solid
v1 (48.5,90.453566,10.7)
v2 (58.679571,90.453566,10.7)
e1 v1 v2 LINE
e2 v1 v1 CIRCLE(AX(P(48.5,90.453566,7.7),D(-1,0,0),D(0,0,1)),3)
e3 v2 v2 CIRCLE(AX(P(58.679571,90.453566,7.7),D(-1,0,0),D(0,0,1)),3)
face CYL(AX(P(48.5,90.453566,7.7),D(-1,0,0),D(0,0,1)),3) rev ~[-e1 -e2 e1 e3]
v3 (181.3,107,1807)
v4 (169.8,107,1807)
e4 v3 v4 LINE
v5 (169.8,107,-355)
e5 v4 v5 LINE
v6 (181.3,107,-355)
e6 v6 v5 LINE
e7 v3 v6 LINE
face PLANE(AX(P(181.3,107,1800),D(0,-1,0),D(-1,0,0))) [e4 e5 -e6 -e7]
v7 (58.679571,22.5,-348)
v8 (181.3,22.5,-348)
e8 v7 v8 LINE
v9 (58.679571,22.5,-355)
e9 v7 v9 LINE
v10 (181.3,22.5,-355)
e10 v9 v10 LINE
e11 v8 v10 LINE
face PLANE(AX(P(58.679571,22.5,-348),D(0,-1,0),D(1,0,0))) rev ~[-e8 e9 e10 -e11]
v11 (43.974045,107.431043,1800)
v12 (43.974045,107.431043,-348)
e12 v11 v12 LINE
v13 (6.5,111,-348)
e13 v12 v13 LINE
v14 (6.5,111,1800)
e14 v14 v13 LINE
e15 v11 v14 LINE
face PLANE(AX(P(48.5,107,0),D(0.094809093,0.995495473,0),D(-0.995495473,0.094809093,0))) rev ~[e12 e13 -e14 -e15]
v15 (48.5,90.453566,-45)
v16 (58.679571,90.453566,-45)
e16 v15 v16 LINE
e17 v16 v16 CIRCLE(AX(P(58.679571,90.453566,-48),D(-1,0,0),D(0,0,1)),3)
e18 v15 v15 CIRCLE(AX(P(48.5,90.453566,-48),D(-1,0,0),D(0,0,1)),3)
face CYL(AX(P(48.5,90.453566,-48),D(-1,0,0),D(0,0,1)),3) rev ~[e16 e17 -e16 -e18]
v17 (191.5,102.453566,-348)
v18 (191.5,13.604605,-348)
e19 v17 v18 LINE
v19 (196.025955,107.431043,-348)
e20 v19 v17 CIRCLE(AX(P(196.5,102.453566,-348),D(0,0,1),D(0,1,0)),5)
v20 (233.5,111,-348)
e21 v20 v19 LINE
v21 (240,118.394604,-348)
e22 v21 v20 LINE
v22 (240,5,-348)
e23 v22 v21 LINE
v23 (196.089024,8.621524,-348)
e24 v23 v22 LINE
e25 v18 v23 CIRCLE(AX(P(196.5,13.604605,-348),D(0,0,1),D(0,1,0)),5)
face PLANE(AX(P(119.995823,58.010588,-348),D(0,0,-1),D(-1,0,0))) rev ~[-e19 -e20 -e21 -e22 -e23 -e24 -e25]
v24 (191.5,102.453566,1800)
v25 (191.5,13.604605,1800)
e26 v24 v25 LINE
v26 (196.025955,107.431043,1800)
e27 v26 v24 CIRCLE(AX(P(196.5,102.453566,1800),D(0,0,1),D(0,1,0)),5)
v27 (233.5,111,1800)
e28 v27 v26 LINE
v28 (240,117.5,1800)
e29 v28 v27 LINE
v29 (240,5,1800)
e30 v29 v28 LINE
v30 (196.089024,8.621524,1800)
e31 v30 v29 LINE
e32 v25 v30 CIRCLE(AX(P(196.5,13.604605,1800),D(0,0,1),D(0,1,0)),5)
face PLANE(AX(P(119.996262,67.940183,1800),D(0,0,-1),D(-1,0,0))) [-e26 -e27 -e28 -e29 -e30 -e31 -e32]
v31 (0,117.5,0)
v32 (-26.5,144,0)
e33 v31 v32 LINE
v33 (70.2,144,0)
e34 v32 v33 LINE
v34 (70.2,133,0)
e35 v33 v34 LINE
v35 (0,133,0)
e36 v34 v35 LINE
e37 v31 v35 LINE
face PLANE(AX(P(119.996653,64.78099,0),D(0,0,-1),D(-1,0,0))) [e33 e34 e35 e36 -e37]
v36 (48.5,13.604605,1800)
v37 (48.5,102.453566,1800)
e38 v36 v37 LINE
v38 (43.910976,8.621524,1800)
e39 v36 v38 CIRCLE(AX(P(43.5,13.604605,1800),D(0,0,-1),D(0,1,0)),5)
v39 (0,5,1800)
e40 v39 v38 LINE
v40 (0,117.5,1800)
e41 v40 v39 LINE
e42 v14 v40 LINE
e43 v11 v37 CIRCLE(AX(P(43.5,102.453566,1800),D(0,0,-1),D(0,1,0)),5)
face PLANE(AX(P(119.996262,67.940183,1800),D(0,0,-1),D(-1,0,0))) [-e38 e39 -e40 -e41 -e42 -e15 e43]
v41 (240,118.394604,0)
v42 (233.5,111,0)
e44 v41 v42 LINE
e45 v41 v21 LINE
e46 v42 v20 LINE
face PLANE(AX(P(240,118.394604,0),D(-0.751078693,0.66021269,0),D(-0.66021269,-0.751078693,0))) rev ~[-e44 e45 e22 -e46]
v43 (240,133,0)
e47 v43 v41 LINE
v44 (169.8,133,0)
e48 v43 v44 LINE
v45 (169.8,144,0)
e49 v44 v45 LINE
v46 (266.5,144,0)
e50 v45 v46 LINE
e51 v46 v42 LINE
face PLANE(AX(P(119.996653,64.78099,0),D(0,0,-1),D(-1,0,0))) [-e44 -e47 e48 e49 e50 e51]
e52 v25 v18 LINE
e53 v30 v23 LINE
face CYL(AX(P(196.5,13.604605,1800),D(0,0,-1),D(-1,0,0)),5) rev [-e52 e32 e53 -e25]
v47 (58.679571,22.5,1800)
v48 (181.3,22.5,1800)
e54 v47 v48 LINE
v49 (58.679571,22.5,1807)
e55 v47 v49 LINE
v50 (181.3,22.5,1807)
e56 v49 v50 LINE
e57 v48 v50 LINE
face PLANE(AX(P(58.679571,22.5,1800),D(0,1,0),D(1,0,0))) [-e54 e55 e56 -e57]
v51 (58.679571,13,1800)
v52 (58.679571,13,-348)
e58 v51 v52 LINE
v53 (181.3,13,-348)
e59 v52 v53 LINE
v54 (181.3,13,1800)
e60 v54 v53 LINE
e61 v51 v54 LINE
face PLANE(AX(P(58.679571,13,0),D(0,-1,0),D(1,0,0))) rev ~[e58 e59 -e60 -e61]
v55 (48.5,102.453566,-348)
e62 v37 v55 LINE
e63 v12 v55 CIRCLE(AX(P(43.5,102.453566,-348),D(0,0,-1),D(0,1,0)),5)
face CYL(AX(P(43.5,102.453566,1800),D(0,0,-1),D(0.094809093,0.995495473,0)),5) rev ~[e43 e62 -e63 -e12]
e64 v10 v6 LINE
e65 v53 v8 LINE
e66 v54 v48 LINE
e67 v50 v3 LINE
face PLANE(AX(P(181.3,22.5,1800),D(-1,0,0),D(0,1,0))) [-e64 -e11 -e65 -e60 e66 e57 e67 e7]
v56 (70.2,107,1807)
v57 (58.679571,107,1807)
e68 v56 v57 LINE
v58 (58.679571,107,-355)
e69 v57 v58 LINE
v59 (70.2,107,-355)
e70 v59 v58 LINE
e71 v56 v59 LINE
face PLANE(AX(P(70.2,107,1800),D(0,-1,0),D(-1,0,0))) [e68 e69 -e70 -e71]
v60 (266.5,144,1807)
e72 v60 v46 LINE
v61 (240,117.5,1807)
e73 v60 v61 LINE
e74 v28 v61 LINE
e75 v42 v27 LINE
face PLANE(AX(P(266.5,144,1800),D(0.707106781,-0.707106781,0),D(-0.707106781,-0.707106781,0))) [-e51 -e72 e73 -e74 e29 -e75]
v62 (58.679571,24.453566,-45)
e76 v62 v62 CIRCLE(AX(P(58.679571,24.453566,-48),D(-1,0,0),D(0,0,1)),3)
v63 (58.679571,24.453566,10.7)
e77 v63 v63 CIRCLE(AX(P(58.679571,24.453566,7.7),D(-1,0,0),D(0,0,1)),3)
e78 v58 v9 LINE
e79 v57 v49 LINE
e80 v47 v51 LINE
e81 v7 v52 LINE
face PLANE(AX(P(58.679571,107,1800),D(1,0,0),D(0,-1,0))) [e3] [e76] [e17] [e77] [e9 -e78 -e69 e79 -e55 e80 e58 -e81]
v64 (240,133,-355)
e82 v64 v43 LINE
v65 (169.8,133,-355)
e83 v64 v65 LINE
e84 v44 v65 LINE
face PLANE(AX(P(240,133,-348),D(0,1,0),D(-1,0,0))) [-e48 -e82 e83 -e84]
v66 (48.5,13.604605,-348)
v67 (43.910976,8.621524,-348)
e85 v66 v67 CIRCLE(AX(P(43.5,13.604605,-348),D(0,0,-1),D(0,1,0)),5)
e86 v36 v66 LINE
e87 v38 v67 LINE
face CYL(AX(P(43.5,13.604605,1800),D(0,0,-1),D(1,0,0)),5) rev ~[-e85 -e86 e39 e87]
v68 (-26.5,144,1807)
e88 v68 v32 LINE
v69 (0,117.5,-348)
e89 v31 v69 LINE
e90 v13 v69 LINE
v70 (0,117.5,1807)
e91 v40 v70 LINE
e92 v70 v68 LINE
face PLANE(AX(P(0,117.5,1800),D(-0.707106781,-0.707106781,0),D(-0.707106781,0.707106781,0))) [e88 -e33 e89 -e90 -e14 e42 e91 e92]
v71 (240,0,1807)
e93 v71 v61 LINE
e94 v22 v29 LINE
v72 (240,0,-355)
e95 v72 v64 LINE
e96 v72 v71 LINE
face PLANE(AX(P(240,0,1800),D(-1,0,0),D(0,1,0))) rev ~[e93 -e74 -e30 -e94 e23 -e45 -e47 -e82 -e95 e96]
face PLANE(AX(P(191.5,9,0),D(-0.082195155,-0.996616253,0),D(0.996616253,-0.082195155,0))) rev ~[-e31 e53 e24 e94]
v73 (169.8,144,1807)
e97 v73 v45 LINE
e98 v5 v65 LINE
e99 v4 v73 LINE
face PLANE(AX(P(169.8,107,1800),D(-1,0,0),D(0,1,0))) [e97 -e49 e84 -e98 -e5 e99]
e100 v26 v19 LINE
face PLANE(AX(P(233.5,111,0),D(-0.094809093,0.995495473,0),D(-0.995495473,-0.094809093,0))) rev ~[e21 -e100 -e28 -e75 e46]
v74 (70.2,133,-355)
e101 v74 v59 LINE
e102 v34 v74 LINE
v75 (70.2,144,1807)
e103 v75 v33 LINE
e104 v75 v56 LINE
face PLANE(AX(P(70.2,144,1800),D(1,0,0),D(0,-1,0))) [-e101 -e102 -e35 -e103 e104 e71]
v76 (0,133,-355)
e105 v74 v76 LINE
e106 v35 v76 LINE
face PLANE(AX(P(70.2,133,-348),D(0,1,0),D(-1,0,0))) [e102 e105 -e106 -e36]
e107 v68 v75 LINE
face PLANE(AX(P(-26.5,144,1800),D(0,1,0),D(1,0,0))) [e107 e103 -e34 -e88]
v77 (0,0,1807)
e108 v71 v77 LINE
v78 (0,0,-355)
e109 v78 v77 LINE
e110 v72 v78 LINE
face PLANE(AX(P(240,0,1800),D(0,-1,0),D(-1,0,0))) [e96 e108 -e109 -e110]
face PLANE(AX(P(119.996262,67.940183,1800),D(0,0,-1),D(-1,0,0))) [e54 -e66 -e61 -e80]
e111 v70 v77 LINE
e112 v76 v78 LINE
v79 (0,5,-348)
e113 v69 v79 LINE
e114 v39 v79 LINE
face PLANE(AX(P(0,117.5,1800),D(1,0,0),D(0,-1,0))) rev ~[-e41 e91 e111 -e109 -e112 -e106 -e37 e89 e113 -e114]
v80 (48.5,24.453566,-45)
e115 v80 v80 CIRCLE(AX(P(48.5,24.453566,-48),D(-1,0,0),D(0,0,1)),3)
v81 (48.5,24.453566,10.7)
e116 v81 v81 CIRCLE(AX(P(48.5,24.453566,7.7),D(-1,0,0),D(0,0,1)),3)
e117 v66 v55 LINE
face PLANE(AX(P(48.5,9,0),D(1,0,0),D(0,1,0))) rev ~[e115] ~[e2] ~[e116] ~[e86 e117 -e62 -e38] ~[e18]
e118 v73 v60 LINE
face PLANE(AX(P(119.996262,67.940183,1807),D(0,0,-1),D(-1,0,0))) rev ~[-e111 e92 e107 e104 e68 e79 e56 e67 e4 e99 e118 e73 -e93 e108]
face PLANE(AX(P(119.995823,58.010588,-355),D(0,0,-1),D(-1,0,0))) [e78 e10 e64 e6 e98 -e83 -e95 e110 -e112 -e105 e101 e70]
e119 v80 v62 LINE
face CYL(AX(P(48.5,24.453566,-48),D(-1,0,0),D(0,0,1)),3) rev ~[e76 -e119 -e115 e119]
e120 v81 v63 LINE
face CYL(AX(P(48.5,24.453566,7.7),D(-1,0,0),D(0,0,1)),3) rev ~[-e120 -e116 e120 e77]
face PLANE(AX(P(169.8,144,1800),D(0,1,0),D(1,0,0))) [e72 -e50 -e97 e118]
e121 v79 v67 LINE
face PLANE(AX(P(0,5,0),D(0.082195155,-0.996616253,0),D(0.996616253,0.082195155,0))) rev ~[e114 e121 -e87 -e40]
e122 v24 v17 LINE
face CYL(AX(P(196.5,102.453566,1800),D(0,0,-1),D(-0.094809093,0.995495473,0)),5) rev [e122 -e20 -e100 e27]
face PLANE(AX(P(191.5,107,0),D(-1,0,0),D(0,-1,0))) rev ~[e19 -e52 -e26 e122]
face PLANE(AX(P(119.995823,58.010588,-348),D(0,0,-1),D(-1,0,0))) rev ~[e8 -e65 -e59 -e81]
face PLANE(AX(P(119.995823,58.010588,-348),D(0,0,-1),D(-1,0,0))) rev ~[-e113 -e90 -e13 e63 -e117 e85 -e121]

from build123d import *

# Parameters (mm, degrees)
DODANIE_WYCI_GNI_CIE1_DEPTH = 1800
DODANIE_WYCI_GNI_CIE2_DEPTH = 348
DODANIE_WYCI_GNI_CIE3_DEPTH = 7
DODANIE_WYCI_GNI_CIE5_DEPTH = 7
ZAOKR_GLENIE1_R             = 5
SZKIC16_R                   = 3
WYTNIJ_WYCI_GNI_CIE1_DEPTH  = 10.2


with BuildPart() as part:
    # Szkic4 → Dodanie-wyciągnięcie1 (new body)
    with BuildSketch(Plane.XY):
        Polygon((0, 0), (0, 5), (48.5, 9), (48.5, 107), (6.5, 111), (-26.5, 144), (70.2, 144), (70.2, 107), (58.679571348, 107), (58.679571348, 13), (181.3, 13), (181.3, 107), (169.8, 107), (169.8, 144), (266.5, 144), (233.5, 111), (191.5, 107), (191.5, 9), (240, 5), (240, 0), align=None)
    extrude(amount=DODANIE_WYCI_GNI_CIE1_DEPTH)

    # Szkic5 → Dodanie-wyciągnięcie2 (add)
    with BuildSketch(Plane.XY):
        Polygon((0, 0), (0, 5), (48.5, 9), (48.5, 107), (6.5, 111), (0, 117.5), (0, 133), (6.5, 133), (70.2, 133), (70.2, 107), (58.679571348, 107), (58.679571348, 13), (181.3, 13), (181.3, 107), (169.8, 107), (169.8, 133), (233.5, 133), (240, 133), (240, 118.39460416), (233.5, 111), (191.5, 107), (191.5, 9), (240, 5), (240, 0), align=None)
    extrude(amount=-DODANIE_WYCI_GNI_CIE2_DEPTH)

    # Szkic10 → Dodanie-wyciągnięcie3 (add)
    with BuildSketch(Plane.XY.offset(-348)):
        Polygon((0, 0), (0, 117.5), (0, 133), (6.5, 133), (70.2, 133), (70.2, 107), (58.679571348, 107), (58.679571348, 22.5), (181.3, 22.5), (181.3, 107), (169.8, 107), (169.8, 133), (233.5, 133), (240, 133), (240, 118.39460416), (240, 0), align=None)
    extrude(amount=-DODANIE_WYCI_GNI_CIE3_DEPTH)

    # Szkic11 → Dodanie-wyciągnięcie5 (add)
    with BuildSketch(Plane.XY.offset(1800)):
        Polygon((0, 0), (0, 5), (0, 117.5), (-26.5, 144), (70.2, 144), (70.2, 107), (58.679571348, 107), (58.679571348, 22.5), (181.3, 22.5), (181.3, 107), (169.8, 107), (169.8, 144), (266.5, 144), (240, 117.5), (240, 5), (240, 0), align=None)
    extrude(amount=DODANIE_WYCI_GNI_CIE5_DEPTH)

    # Zaokrąglenie1
    zaokr_glenie1_edges = [part.edges().sort_by_distance(p)[0] for p in [
        (48.5, 107, 726),
        (48.5, 9, 726),
        (191.5, 9, 726),
        (191.5, 107, 726),
    ]]
    fillet(zaokr_glenie1_edges, radius=ZAOKR_GLENIE1_R)

    # Szkic16 → Wytnij-wyciągnięcie1 (cut)
    with BuildSketch(Plane.ZY.offset(-48.5)):
        with Locations((-48, 90.453565926)):
            Circle(SZKIC16_R)
        with Locations((7.7, 90.453565926)):
            Circle(SZKIC16_R)
        with Locations((7.7, 24.453565926)):
            Circle(SZKIC16_R)
        with Locations((-48, 24.453565926)):
            Circle(SZKIC16_R)
    extrude(amount=-WYTNIJ_WYCI_GNI_CIE1_DEPTH, mode=Mode.SUBTRACT)


solid = part.part
